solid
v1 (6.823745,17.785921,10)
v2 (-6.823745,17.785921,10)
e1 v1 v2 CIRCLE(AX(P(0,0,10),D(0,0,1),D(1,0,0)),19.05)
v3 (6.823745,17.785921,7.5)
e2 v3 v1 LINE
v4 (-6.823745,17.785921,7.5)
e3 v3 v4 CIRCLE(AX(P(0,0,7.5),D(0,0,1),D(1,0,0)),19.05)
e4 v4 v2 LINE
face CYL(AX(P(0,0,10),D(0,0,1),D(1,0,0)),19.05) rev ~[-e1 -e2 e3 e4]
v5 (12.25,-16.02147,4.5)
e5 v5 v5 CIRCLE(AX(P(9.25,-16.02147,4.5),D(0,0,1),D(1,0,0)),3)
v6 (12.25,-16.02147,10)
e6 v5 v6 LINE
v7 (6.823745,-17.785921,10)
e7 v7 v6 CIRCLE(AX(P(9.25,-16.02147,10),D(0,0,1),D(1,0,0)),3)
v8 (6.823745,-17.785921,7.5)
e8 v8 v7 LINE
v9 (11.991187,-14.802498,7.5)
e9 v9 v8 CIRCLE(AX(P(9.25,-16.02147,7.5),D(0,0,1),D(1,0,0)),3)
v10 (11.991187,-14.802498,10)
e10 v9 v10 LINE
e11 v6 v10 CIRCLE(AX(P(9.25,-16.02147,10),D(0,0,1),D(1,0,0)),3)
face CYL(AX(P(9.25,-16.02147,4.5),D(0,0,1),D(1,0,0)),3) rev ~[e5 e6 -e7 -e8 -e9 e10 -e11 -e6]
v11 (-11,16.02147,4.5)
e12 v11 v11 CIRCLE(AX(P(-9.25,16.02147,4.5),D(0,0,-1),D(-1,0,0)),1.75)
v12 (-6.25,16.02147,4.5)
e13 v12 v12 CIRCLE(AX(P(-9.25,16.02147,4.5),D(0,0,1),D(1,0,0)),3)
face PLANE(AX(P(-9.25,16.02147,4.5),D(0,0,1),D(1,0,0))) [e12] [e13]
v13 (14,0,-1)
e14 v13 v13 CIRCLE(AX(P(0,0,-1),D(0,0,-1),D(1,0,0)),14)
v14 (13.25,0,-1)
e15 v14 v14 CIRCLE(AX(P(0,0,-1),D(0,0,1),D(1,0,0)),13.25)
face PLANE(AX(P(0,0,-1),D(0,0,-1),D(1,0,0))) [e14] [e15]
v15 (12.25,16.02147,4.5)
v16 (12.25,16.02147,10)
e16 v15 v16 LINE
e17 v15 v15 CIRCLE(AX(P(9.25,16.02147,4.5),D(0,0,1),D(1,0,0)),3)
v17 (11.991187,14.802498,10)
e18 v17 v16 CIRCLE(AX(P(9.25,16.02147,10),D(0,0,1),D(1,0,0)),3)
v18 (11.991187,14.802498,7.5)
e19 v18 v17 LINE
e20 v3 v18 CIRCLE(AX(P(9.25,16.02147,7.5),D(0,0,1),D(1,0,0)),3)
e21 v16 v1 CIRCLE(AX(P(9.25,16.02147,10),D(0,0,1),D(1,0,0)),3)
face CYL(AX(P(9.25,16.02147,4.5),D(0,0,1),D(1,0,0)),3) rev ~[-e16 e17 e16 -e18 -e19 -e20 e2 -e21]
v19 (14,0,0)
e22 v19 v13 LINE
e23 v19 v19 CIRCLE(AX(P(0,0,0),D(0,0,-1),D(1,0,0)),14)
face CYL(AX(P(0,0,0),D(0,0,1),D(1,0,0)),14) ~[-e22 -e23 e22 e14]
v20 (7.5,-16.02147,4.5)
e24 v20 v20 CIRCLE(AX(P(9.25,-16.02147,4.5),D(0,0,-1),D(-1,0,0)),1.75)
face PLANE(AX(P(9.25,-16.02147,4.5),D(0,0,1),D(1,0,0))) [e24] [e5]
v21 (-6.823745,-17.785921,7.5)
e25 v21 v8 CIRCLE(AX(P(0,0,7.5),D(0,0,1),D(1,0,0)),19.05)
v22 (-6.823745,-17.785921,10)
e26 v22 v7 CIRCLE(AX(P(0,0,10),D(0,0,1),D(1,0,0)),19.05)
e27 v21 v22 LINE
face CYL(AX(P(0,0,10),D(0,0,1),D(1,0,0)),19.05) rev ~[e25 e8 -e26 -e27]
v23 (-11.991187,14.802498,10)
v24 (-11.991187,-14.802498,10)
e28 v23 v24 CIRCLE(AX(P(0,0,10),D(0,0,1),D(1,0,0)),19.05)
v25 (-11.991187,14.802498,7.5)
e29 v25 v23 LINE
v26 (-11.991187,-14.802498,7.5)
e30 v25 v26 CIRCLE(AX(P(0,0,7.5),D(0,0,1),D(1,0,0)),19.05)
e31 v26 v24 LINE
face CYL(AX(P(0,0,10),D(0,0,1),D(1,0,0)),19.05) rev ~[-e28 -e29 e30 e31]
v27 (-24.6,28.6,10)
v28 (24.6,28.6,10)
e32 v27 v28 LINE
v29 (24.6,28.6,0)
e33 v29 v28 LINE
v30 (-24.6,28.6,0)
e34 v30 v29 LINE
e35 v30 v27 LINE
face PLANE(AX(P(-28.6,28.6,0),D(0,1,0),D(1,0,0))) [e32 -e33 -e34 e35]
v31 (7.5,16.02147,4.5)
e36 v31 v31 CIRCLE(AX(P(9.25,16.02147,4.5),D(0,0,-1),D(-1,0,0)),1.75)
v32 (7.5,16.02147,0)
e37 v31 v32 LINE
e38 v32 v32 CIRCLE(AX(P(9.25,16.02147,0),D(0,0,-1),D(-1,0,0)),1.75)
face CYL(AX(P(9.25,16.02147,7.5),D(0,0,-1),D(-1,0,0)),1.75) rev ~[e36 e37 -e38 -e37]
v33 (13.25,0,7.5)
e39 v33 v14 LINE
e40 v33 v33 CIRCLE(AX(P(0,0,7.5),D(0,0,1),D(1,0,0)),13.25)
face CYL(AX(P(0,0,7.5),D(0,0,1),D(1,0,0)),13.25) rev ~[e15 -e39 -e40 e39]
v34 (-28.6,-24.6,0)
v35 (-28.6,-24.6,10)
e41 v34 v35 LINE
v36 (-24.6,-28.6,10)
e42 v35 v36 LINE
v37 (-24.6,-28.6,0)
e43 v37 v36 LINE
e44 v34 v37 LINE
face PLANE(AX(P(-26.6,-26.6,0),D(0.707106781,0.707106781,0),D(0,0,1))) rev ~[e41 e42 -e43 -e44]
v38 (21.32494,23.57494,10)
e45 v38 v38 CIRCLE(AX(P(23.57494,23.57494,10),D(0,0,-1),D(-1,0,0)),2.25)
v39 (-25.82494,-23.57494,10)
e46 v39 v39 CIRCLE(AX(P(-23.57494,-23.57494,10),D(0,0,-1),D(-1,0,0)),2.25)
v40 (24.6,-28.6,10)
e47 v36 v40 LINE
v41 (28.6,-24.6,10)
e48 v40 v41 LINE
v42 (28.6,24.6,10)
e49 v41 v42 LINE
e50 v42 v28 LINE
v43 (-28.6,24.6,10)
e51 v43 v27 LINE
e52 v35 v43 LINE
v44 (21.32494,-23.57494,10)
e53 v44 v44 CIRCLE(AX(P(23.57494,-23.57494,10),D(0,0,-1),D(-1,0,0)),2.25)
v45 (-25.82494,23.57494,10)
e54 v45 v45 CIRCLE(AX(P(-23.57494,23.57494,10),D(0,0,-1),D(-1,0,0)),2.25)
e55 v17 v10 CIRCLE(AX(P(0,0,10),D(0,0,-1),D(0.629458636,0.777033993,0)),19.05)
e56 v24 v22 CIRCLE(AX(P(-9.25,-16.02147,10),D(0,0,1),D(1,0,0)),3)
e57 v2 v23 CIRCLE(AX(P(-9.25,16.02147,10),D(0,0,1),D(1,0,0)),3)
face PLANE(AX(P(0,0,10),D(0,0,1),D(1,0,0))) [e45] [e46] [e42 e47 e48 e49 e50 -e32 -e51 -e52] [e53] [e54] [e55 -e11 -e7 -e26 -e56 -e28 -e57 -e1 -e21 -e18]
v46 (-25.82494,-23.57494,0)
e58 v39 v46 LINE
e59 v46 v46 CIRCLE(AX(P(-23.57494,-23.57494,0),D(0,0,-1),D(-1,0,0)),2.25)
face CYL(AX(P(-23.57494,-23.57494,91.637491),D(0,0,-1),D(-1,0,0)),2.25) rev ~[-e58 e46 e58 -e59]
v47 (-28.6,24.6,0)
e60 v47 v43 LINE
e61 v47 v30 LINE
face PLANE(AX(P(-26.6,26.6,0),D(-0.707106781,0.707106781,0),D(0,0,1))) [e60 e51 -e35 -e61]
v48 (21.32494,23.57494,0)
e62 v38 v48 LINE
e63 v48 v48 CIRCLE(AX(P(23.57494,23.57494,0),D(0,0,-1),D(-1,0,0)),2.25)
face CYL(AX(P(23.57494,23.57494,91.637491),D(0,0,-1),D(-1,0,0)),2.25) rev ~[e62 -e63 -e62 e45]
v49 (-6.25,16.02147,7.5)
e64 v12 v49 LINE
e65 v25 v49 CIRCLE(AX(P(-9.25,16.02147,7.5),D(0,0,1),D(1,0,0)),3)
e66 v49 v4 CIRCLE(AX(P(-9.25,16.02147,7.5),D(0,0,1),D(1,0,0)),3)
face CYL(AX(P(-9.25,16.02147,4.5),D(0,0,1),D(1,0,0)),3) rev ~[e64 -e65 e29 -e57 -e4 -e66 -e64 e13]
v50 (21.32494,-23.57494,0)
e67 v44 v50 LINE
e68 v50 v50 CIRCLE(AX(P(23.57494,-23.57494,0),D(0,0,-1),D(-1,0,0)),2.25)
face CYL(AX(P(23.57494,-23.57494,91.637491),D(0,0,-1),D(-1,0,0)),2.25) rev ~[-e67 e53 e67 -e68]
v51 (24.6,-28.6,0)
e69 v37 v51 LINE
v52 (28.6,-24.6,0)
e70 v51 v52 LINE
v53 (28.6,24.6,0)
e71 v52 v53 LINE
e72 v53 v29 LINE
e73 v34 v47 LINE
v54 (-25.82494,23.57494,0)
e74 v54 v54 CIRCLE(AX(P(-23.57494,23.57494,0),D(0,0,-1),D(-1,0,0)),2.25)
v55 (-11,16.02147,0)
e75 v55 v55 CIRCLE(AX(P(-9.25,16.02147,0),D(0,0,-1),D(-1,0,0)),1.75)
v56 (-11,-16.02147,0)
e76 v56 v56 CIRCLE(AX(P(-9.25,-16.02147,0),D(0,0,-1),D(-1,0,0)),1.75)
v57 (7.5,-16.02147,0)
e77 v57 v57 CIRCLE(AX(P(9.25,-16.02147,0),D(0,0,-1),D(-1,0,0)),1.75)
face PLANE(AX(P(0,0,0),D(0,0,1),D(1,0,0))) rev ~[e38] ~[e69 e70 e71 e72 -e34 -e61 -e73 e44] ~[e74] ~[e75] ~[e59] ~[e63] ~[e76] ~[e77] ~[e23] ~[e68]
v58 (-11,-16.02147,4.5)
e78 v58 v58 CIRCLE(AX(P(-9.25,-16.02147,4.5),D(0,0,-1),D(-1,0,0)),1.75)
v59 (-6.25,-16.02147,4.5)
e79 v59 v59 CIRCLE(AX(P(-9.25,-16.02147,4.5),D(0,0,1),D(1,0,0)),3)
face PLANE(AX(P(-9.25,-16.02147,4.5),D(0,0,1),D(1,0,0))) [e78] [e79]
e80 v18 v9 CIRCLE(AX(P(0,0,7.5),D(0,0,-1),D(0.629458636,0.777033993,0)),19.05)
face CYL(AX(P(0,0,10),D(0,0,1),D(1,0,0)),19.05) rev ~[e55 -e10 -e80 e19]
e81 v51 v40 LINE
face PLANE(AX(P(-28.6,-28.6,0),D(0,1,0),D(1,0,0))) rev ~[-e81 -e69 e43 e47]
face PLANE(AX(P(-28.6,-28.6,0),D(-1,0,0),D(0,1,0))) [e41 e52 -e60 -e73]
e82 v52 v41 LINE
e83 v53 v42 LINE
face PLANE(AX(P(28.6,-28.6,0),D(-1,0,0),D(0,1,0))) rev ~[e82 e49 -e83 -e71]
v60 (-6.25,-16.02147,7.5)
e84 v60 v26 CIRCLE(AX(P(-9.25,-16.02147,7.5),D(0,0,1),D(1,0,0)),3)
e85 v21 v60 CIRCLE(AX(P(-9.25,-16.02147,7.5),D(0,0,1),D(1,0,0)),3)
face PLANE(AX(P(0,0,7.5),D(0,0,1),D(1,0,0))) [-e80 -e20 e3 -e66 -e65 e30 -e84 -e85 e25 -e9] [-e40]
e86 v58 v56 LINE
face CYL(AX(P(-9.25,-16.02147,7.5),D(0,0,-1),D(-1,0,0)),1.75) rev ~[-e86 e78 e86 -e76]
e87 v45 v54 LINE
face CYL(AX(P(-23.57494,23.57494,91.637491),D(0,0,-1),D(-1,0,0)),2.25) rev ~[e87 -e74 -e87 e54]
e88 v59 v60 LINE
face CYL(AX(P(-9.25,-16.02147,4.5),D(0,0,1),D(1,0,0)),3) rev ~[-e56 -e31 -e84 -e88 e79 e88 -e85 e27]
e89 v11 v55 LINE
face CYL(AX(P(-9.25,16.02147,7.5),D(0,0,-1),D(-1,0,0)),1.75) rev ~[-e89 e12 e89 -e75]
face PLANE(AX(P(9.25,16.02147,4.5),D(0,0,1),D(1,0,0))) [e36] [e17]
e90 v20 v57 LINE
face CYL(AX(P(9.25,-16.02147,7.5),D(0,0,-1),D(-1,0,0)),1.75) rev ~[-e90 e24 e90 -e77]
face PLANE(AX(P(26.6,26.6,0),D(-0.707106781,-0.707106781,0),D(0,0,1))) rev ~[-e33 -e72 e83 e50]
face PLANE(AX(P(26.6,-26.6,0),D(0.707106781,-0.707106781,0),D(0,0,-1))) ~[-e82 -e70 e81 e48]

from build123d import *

# Parameters (mm, degrees)
F0_W            = 57.2
F0_H            = 57.2
F1_DEPTH        = 10
F2_SIZE         = 4
F3_R            = 19.05
F4_DEPTH        = 2.5
F5_R            = 14
F6_DEPTH        = 1
F7_R            = 13.25
F8_DEPTH        = 8.501
F10_D           = 4.5
F12_D           = 3.5
F12_START       = 2.5
F12_CBORE_D     = 6
F12_CBORE_DEPTH = 3


with BuildPart() as f1:
    # F0 (on Top) → F1 (new body)
    with BuildSketch(Plane.XY):
        Rectangle(F0_W, F0_H)
    extrude(amount=F1_DEPTH)

    # F2
    f2_edges = [f1.edges().sort_by_distance(p)[0] for p in [
        (-28.6, 28.6, 5),
        (28.6, 28.6, 5),
        (28.6, -28.6, 5),
        (-28.6, -28.6, 5),
    ]]
    chamfer(f2_edges, length=F2_SIZE)

    # F3 (on face) → F4 (cut)
    with BuildSketch(Plane.XY.offset(10)):
        Circle(F3_R)
    extrude(amount=-F4_DEPTH, mode=Mode.SUBTRACT)

    # F5 (on face) → F6 (join)
    with BuildSketch(Plane(origin=(0, 0, 0), x_dir=(1, 0, 0), z_dir=(0, 0, -1))):
        Circle(F5_R)
    extrude(amount=F6_DEPTH)

    # F7 (on face) → F8 (cut, through all)
    with BuildSketch(Plane.XY.offset(7.5)):
        Circle(F7_R)
    extrude(amount=-F8_DEPTH, mode=Mode.SUBTRACT)

    # F10 (through all)
    with Locations(Plane.XY.offset(10)):
        with Locations((-23.5749400848, 23.5749400848), (23.5749400848, 23.5749400848), (23.5749400848, -23.5749400848), (-23.5749400848, -23.5749400848)):
            Hole(F10_D / 2)

    # F12 (through all)
    # its depths count from where the whole tool has entered the part; down to there all is cleared
    with Locations(Plane.XY.offset(10).offset(-F12_START)):
        with Locations((-9.25, 16.02146997), (9.25, 16.02146997), (9.25, -16.02146997), (-9.25, -16.02146997)):
            CounterBoreHole(F12_D / 2, F12_CBORE_D / 2, F12_CBORE_DEPTH)


solid = f1.part
